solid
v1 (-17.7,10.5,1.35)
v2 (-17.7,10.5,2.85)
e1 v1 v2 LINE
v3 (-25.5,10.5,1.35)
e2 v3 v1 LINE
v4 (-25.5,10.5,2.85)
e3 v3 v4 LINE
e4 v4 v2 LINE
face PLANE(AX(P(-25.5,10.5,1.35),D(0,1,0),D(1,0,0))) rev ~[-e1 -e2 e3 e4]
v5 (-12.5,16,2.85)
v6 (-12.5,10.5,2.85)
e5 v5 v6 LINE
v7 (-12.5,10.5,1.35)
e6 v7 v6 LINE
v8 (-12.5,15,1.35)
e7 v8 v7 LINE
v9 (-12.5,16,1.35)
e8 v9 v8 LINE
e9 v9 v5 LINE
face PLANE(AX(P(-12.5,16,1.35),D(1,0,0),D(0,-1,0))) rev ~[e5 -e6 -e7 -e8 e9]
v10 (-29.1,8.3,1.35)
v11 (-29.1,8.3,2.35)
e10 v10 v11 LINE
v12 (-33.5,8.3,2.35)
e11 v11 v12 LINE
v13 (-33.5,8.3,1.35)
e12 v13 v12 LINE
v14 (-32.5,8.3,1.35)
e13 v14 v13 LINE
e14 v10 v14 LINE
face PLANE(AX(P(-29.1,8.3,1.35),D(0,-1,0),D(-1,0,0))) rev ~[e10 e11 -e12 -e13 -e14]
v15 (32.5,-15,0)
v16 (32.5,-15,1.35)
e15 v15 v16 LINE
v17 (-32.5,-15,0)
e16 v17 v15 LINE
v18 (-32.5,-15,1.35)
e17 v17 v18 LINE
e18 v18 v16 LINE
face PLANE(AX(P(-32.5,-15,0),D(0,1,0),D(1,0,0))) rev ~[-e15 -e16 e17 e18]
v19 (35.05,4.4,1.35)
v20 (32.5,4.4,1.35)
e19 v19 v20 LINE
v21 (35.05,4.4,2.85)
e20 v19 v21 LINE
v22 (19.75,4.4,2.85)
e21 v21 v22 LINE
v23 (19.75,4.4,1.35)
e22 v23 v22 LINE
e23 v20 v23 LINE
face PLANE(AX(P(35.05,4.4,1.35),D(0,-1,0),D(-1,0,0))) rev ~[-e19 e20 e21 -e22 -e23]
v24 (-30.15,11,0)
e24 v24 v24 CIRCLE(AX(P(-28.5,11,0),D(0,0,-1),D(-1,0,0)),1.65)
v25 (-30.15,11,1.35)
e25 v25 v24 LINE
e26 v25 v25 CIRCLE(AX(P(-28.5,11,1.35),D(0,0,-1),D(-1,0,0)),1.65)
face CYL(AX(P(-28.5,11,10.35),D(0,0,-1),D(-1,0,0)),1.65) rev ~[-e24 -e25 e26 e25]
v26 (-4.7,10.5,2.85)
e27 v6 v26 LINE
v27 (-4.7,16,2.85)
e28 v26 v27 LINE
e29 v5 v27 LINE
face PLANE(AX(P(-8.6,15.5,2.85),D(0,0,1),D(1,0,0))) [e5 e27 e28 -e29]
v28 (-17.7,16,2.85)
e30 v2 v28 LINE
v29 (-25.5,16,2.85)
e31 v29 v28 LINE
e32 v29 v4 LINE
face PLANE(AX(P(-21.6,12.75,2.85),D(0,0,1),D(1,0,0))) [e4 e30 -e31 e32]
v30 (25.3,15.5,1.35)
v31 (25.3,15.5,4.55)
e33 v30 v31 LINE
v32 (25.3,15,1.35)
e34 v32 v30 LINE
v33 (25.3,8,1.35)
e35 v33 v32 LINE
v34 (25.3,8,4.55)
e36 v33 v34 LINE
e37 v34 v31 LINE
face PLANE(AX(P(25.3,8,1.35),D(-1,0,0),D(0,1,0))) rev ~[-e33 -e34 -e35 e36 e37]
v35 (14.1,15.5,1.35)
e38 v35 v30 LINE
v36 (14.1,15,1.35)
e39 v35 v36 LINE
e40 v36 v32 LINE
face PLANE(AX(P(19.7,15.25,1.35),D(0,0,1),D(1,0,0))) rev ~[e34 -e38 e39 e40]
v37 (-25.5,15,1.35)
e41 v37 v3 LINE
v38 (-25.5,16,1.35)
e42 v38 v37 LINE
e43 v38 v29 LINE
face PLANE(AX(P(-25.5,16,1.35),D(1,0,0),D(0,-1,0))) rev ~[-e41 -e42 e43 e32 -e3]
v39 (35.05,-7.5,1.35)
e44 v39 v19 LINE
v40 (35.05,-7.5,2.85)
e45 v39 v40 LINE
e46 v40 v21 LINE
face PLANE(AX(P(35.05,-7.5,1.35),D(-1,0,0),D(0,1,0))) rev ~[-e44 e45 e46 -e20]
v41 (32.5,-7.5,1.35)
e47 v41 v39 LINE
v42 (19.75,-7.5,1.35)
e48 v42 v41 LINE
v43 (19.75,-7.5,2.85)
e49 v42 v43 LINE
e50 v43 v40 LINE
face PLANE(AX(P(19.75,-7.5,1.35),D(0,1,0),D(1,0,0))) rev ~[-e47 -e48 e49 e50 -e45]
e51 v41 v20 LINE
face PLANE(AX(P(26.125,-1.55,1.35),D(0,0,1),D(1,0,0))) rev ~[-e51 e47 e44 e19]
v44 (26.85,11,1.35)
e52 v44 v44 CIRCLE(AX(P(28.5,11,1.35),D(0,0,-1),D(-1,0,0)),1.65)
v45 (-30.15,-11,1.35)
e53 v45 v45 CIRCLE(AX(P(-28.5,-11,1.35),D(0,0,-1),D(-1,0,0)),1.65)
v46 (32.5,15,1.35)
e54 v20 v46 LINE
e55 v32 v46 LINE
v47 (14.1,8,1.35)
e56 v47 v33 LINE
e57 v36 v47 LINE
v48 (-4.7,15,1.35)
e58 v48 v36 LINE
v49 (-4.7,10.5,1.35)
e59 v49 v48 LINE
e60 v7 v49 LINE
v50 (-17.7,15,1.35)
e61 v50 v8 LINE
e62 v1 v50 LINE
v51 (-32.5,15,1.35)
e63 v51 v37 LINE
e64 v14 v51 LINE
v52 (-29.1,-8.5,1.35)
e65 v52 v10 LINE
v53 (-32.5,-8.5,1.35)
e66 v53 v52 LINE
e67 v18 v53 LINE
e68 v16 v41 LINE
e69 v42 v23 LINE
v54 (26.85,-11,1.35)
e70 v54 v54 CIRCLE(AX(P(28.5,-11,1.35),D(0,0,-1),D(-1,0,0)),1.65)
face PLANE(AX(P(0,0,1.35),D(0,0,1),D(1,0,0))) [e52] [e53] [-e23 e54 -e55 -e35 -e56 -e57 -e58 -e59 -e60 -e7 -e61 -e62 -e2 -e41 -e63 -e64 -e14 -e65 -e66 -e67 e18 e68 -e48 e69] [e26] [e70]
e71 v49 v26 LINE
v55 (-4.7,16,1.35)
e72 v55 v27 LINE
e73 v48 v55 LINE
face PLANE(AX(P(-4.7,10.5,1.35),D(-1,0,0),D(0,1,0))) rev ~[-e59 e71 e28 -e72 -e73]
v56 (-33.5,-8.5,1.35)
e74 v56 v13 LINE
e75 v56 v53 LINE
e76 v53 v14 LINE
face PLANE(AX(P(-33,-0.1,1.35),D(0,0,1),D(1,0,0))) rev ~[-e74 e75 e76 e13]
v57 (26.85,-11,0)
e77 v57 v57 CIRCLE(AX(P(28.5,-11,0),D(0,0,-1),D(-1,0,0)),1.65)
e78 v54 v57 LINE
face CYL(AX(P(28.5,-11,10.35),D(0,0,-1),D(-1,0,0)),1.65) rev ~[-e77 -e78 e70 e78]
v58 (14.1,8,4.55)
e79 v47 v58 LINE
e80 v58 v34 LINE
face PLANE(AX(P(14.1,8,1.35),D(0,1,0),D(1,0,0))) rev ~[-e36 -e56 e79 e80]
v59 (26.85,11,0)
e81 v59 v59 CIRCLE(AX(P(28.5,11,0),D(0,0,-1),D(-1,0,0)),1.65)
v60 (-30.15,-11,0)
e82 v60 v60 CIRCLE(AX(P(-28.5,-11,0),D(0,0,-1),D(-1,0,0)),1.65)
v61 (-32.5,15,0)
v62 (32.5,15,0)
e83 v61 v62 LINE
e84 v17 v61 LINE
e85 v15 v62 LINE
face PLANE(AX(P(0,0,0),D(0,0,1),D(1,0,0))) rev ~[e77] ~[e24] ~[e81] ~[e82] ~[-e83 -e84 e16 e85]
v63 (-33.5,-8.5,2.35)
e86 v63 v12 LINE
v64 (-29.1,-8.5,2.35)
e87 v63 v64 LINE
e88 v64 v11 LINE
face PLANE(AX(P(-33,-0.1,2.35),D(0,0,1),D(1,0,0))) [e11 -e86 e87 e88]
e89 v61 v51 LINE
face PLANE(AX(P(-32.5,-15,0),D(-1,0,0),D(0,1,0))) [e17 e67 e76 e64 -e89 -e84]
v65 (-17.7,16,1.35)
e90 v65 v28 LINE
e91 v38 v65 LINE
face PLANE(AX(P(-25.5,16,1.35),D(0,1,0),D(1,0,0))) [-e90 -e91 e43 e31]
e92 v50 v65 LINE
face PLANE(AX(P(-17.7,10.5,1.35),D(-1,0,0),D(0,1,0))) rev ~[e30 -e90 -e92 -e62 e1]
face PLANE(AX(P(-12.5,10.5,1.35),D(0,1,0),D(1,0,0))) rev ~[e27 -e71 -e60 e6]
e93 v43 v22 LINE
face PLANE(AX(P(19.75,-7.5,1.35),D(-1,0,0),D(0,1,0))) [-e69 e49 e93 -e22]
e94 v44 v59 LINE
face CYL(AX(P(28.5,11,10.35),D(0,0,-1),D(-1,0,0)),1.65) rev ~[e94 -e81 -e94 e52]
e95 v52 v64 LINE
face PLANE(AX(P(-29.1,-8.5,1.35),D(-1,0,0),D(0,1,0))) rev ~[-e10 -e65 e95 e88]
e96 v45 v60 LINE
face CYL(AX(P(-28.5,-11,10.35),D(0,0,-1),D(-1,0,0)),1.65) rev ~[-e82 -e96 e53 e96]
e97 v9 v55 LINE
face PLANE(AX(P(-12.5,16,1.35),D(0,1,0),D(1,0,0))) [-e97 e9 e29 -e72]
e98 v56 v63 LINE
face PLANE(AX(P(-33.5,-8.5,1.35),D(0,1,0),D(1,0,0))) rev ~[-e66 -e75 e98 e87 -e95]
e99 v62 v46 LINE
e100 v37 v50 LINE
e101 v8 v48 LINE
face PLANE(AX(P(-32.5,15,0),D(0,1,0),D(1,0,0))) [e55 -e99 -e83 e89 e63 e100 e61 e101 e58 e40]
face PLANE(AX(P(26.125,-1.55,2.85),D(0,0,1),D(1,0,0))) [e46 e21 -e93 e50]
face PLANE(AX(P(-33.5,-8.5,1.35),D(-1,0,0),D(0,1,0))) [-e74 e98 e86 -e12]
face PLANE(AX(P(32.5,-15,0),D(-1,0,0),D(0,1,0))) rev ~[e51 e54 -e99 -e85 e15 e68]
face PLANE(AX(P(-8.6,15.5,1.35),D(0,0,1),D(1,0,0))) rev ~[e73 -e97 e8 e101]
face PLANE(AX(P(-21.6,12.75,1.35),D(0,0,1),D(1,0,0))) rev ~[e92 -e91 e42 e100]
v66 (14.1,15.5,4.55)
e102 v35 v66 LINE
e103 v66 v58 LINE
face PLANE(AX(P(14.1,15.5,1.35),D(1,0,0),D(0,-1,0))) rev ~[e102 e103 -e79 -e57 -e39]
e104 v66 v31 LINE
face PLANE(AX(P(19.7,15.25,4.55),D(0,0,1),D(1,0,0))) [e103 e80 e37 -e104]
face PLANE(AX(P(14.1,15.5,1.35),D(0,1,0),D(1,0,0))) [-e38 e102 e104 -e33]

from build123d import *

# Parameters (mm, degrees)
F0_W     = 65
F0_H     = 30
F1_DEPTH = 1.35
F2_W     = 12.75
F2_H     = 11.9
F2_W_2   = 2.55
F3_DEPTH = 1.5
F2_W_3   = 7.8
F2_H_2   = 4.5
F2_H_3   = 1
F4_DEPTH = 1.5
F2_W_4   = 1
F2_H_4   = 16.8
F2_W_5   = 3.4
F5_DEPTH = 1
F2_W_6   = 11.2
F2_H_5   = 0.5
F2_H_6   = 7
F6_DEPTH = 3.2
F7_D     = 3.3
F7_DEPTH = 9
F7_TIP   = 0.9914200214


with BuildPart() as f1:
    # F0 (on Top) → F1 (new body)
    with BuildSketch(Plane.XY):
        Rectangle(F0_W, F0_H)
    extrude(amount=F1_DEPTH)

    # F2 (on face) → F3 (join)
    with BuildSketch(Plane.XY.offset(1.35)):
        with Locations((26.125, -1.55)):
            Rectangle(F2_W, F2_H)
        with Locations((33.775, -1.55)):
            Rectangle(F2_W_2, F2_H)
    extrude(amount=F3_DEPTH)

    # F2 (on face) → F4 (join)
    with BuildSketch(Plane.XY.offset(1.35)):
        with Locations((-21.6, 12.75)):
            Rectangle(F2_W_3, F2_H_2)
        with Locations((-8.6, 15.5)):
            Rectangle(F2_W_3, F2_H_3)
        with Locations((-8.6, 12.75)):
            Rectangle(F2_W_3, F2_H_2)
        with Locations((-21.6, 15.5)):
            Rectangle(F2_W_3, F2_H_3)
    extrude(amount=F4_DEPTH)

    # F2 (on face) → F5 (join)
    with BuildSketch(Plane.XY.offset(1.35)):
        with Locations((-33, -0.1)):
            Rectangle(F2_W_4, F2_H_4)
        with Locations((-30.8, -0.1)):
            Rectangle(F2_W_5, F2_H_4)
    extrude(amount=F5_DEPTH)

    # F2 (on face) → F6 (join)
    with BuildSketch(Plane.XY.offset(1.35)):
        with Locations((19.7, 15.25)):
            Rectangle(F2_W_6, F2_H_5)
        with Locations((19.7, 11.5)):
            Rectangle(F2_W_6, F2_H_6)
    extrude(amount=F6_DEPTH)

    # F7
    with Locations(Plane.XY.offset(1.35)):
        with Locations((28.5, 11), (28.5, -11), (-28.5, 11), (-28.5, -11)):
            Hole(F7_D / 2, depth=F7_DEPTH)
            with Locations((0, 0, -(F7_DEPTH + F7_TIP / 2))):  # 118° drill point
                Cone(0, F7_D / 2, F7_TIP, mode=Mode.SUBTRACT)


solid = f1.part
